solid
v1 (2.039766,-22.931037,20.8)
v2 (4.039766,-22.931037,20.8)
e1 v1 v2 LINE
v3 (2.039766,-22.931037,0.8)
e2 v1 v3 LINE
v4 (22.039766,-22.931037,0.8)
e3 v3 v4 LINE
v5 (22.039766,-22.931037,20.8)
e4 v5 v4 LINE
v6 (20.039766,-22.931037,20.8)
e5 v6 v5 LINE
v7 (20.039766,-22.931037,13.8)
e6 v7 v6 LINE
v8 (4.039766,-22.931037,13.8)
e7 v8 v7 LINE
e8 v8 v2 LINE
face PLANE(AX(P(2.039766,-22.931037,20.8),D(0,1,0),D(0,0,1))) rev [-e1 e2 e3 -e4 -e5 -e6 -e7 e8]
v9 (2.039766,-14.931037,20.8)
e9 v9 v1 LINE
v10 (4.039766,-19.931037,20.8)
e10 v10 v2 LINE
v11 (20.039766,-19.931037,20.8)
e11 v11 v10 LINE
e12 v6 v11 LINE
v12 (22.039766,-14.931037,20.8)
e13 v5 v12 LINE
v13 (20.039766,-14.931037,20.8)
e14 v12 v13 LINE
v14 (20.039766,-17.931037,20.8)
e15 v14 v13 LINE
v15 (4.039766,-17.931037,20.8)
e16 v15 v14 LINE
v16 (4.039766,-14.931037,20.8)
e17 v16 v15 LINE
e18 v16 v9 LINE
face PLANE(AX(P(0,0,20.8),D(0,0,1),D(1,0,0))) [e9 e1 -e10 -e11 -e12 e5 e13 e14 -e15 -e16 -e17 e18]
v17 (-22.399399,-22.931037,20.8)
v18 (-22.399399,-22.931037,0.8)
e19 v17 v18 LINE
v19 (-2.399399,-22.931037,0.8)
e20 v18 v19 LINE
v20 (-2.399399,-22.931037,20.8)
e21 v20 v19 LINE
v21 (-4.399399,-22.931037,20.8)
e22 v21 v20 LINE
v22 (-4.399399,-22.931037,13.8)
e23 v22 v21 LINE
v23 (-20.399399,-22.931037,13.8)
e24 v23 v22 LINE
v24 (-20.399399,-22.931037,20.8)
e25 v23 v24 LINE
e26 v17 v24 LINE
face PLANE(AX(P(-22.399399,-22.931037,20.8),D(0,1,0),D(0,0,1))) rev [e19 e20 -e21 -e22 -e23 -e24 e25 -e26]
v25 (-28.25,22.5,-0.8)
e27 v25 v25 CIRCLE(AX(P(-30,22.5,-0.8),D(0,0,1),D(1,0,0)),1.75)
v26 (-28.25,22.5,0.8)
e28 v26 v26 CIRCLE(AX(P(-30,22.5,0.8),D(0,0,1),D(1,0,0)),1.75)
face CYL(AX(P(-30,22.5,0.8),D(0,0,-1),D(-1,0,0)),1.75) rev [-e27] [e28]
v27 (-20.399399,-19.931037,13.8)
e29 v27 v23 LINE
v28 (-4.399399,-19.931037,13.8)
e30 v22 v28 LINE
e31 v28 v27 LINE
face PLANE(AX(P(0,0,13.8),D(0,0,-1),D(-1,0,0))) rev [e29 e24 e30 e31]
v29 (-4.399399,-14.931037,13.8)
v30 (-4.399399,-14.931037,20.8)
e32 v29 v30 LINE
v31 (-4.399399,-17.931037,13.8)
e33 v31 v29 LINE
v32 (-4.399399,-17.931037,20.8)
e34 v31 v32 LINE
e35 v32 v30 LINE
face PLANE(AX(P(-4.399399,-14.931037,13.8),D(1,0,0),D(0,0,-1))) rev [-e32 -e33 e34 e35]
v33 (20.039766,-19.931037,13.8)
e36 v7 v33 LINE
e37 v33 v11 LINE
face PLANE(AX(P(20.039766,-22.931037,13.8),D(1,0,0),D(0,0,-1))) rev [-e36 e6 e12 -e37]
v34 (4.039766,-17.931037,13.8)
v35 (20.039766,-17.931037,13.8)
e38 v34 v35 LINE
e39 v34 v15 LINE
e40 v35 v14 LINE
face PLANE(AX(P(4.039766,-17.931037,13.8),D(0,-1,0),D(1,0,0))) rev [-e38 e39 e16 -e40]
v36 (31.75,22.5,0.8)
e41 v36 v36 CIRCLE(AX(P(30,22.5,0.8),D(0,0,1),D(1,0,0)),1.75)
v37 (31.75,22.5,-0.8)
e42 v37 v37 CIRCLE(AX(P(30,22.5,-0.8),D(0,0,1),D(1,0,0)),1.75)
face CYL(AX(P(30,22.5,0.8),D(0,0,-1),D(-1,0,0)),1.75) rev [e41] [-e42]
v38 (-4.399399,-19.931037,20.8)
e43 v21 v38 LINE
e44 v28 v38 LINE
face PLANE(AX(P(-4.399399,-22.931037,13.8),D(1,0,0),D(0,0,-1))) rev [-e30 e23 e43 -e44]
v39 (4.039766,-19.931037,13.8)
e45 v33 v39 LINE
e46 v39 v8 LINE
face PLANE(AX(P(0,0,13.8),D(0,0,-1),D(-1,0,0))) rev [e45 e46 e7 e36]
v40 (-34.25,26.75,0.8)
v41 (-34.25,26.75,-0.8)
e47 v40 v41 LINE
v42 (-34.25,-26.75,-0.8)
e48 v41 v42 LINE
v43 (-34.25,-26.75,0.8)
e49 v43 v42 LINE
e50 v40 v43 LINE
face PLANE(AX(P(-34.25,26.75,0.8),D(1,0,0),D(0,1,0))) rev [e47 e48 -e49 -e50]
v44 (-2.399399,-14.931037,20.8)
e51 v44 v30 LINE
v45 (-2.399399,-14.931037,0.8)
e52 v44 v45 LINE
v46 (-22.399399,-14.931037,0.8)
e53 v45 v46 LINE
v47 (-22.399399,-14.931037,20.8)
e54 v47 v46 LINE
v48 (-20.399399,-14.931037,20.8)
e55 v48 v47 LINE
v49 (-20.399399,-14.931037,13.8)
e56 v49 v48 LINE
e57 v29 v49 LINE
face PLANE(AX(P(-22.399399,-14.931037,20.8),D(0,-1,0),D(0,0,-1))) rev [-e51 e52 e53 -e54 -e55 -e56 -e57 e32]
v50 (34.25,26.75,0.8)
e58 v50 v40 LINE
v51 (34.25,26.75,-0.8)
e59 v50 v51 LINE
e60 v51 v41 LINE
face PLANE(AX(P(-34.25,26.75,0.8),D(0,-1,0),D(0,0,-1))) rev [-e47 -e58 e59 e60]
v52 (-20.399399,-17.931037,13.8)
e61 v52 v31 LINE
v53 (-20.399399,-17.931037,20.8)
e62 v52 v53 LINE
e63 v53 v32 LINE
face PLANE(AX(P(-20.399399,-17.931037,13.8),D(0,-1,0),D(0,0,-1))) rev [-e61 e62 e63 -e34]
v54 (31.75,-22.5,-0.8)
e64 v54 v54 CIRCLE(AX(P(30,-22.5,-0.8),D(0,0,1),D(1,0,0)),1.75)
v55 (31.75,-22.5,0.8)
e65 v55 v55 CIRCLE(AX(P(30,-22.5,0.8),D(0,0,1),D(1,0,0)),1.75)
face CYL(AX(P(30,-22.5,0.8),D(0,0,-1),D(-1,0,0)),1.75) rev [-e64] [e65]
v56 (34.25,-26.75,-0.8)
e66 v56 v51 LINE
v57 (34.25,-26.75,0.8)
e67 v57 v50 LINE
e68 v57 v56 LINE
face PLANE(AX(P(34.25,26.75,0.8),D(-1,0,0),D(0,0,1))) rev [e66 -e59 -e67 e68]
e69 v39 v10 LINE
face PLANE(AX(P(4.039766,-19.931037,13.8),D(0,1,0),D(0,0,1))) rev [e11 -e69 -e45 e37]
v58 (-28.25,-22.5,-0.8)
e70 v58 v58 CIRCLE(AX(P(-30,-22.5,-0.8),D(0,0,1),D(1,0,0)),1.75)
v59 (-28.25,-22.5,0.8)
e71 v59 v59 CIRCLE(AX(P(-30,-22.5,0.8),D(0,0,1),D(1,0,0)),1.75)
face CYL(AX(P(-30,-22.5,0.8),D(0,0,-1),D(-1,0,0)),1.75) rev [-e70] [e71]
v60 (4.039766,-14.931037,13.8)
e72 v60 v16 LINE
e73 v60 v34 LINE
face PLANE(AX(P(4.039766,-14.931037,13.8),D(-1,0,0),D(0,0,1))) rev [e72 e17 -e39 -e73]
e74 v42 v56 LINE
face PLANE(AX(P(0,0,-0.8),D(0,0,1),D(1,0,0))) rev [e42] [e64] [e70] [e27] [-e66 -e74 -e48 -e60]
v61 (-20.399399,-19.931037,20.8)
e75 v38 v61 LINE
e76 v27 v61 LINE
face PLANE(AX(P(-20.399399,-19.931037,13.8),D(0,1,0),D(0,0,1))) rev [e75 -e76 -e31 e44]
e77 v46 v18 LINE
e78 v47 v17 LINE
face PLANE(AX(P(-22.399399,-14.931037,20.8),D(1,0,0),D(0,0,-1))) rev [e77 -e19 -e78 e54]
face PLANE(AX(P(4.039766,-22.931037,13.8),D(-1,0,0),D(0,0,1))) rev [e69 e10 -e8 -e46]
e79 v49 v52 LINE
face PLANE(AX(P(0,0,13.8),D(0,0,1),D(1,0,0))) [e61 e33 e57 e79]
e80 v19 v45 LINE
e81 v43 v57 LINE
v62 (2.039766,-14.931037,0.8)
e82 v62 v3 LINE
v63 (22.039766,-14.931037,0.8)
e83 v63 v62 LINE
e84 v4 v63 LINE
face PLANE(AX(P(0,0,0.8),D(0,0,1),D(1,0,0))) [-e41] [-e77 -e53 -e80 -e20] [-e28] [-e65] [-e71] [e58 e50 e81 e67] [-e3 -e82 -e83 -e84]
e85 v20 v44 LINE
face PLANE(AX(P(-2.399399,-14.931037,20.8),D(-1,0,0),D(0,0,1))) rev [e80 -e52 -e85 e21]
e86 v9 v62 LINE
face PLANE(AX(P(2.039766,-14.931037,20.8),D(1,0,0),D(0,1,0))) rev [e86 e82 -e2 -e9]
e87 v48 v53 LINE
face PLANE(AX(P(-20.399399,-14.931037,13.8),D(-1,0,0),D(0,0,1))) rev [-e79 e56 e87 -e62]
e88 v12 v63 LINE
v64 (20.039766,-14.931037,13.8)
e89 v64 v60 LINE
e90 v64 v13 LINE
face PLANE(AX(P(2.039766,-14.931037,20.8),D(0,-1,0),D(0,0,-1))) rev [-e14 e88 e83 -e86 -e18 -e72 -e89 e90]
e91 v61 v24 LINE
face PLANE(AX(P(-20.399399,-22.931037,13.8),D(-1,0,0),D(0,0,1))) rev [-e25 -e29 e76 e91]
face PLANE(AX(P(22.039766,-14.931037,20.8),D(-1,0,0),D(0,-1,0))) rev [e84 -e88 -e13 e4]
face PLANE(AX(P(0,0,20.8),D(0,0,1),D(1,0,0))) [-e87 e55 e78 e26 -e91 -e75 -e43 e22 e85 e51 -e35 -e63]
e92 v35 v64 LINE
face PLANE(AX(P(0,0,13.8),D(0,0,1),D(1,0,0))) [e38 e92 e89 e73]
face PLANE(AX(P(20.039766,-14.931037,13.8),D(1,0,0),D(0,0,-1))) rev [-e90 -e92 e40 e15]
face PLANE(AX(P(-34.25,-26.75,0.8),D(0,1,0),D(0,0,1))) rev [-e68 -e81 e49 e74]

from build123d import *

# Parameters (mm, degrees)
SKETCH1_W           = 68.5
SKETCH1_H           = 53.5
SKETCH1_R           = 1.75
BOSS_EXTRUDE1_DEPTH = 0.8
SKETCH2_W           = 20
SKETCH2_H           = 8
BOSS_EXTRUDE2_DEPTH = 20
SKETCH3_W           = 16
SKETCH3_H           = 3
CUT_EXTRUDE1_DEPTH  = 7


with BuildPart() as part:
    # Sketch1 → Boss-Extrude1 (new body, symmetric)
    with BuildSketch(Plane.XY):
        Rectangle(SKETCH1_W, SKETCH1_H)
        with Locations((-30, 22.5)):
            Circle(SKETCH1_R, mode=Mode.SUBTRACT)
        with Locations((30, 22.5)):
            Circle(SKETCH1_R, mode=Mode.SUBTRACT)
        with Locations((-30, -22.5)):
            Circle(SKETCH1_R, mode=Mode.SUBTRACT)
        with Locations((30, -22.5)):
            Circle(SKETCH1_R, mode=Mode.SUBTRACT)
    extrude(amount=BOSS_EXTRUDE1_DEPTH, both=True)

    # Sketch2 → Boss-Extrude2 (add)
    with BuildSketch(Plane.XY.offset(0.8)):
        with Locations((-12.399398806, -18.931036611)):
            Rectangle(SKETCH2_W, SKETCH2_H)
        with Locations((12.039766375, -18.931036611)):
            Rectangle(SKETCH2_W, SKETCH2_H)
    extrude(amount=BOSS_EXTRUDE2_DEPTH)

    # Sketch3 → Cut-Extrude1 (cut)
    with BuildSketch(Plane.XY.offset(20.8)):
        with Locations((-12.399398806, -16.431036611)):
            Rectangle(SKETCH3_W, SKETCH3_H)
        with Locations((-12.399398806, -21.431036611)):
            Rectangle(SKETCH3_W, SKETCH3_H)
        with Locations((12.039766375, -16.431036611)):
            Rectangle(SKETCH3_W, SKETCH3_H)
        with Locations((12.039766375, -21.431036611)):
            Rectangle(SKETCH3_W, SKETCH3_H)
    extrude(amount=-CUT_EXTRUDE1_DEPTH, mode=Mode.SUBTRACT)


solid = part.part
